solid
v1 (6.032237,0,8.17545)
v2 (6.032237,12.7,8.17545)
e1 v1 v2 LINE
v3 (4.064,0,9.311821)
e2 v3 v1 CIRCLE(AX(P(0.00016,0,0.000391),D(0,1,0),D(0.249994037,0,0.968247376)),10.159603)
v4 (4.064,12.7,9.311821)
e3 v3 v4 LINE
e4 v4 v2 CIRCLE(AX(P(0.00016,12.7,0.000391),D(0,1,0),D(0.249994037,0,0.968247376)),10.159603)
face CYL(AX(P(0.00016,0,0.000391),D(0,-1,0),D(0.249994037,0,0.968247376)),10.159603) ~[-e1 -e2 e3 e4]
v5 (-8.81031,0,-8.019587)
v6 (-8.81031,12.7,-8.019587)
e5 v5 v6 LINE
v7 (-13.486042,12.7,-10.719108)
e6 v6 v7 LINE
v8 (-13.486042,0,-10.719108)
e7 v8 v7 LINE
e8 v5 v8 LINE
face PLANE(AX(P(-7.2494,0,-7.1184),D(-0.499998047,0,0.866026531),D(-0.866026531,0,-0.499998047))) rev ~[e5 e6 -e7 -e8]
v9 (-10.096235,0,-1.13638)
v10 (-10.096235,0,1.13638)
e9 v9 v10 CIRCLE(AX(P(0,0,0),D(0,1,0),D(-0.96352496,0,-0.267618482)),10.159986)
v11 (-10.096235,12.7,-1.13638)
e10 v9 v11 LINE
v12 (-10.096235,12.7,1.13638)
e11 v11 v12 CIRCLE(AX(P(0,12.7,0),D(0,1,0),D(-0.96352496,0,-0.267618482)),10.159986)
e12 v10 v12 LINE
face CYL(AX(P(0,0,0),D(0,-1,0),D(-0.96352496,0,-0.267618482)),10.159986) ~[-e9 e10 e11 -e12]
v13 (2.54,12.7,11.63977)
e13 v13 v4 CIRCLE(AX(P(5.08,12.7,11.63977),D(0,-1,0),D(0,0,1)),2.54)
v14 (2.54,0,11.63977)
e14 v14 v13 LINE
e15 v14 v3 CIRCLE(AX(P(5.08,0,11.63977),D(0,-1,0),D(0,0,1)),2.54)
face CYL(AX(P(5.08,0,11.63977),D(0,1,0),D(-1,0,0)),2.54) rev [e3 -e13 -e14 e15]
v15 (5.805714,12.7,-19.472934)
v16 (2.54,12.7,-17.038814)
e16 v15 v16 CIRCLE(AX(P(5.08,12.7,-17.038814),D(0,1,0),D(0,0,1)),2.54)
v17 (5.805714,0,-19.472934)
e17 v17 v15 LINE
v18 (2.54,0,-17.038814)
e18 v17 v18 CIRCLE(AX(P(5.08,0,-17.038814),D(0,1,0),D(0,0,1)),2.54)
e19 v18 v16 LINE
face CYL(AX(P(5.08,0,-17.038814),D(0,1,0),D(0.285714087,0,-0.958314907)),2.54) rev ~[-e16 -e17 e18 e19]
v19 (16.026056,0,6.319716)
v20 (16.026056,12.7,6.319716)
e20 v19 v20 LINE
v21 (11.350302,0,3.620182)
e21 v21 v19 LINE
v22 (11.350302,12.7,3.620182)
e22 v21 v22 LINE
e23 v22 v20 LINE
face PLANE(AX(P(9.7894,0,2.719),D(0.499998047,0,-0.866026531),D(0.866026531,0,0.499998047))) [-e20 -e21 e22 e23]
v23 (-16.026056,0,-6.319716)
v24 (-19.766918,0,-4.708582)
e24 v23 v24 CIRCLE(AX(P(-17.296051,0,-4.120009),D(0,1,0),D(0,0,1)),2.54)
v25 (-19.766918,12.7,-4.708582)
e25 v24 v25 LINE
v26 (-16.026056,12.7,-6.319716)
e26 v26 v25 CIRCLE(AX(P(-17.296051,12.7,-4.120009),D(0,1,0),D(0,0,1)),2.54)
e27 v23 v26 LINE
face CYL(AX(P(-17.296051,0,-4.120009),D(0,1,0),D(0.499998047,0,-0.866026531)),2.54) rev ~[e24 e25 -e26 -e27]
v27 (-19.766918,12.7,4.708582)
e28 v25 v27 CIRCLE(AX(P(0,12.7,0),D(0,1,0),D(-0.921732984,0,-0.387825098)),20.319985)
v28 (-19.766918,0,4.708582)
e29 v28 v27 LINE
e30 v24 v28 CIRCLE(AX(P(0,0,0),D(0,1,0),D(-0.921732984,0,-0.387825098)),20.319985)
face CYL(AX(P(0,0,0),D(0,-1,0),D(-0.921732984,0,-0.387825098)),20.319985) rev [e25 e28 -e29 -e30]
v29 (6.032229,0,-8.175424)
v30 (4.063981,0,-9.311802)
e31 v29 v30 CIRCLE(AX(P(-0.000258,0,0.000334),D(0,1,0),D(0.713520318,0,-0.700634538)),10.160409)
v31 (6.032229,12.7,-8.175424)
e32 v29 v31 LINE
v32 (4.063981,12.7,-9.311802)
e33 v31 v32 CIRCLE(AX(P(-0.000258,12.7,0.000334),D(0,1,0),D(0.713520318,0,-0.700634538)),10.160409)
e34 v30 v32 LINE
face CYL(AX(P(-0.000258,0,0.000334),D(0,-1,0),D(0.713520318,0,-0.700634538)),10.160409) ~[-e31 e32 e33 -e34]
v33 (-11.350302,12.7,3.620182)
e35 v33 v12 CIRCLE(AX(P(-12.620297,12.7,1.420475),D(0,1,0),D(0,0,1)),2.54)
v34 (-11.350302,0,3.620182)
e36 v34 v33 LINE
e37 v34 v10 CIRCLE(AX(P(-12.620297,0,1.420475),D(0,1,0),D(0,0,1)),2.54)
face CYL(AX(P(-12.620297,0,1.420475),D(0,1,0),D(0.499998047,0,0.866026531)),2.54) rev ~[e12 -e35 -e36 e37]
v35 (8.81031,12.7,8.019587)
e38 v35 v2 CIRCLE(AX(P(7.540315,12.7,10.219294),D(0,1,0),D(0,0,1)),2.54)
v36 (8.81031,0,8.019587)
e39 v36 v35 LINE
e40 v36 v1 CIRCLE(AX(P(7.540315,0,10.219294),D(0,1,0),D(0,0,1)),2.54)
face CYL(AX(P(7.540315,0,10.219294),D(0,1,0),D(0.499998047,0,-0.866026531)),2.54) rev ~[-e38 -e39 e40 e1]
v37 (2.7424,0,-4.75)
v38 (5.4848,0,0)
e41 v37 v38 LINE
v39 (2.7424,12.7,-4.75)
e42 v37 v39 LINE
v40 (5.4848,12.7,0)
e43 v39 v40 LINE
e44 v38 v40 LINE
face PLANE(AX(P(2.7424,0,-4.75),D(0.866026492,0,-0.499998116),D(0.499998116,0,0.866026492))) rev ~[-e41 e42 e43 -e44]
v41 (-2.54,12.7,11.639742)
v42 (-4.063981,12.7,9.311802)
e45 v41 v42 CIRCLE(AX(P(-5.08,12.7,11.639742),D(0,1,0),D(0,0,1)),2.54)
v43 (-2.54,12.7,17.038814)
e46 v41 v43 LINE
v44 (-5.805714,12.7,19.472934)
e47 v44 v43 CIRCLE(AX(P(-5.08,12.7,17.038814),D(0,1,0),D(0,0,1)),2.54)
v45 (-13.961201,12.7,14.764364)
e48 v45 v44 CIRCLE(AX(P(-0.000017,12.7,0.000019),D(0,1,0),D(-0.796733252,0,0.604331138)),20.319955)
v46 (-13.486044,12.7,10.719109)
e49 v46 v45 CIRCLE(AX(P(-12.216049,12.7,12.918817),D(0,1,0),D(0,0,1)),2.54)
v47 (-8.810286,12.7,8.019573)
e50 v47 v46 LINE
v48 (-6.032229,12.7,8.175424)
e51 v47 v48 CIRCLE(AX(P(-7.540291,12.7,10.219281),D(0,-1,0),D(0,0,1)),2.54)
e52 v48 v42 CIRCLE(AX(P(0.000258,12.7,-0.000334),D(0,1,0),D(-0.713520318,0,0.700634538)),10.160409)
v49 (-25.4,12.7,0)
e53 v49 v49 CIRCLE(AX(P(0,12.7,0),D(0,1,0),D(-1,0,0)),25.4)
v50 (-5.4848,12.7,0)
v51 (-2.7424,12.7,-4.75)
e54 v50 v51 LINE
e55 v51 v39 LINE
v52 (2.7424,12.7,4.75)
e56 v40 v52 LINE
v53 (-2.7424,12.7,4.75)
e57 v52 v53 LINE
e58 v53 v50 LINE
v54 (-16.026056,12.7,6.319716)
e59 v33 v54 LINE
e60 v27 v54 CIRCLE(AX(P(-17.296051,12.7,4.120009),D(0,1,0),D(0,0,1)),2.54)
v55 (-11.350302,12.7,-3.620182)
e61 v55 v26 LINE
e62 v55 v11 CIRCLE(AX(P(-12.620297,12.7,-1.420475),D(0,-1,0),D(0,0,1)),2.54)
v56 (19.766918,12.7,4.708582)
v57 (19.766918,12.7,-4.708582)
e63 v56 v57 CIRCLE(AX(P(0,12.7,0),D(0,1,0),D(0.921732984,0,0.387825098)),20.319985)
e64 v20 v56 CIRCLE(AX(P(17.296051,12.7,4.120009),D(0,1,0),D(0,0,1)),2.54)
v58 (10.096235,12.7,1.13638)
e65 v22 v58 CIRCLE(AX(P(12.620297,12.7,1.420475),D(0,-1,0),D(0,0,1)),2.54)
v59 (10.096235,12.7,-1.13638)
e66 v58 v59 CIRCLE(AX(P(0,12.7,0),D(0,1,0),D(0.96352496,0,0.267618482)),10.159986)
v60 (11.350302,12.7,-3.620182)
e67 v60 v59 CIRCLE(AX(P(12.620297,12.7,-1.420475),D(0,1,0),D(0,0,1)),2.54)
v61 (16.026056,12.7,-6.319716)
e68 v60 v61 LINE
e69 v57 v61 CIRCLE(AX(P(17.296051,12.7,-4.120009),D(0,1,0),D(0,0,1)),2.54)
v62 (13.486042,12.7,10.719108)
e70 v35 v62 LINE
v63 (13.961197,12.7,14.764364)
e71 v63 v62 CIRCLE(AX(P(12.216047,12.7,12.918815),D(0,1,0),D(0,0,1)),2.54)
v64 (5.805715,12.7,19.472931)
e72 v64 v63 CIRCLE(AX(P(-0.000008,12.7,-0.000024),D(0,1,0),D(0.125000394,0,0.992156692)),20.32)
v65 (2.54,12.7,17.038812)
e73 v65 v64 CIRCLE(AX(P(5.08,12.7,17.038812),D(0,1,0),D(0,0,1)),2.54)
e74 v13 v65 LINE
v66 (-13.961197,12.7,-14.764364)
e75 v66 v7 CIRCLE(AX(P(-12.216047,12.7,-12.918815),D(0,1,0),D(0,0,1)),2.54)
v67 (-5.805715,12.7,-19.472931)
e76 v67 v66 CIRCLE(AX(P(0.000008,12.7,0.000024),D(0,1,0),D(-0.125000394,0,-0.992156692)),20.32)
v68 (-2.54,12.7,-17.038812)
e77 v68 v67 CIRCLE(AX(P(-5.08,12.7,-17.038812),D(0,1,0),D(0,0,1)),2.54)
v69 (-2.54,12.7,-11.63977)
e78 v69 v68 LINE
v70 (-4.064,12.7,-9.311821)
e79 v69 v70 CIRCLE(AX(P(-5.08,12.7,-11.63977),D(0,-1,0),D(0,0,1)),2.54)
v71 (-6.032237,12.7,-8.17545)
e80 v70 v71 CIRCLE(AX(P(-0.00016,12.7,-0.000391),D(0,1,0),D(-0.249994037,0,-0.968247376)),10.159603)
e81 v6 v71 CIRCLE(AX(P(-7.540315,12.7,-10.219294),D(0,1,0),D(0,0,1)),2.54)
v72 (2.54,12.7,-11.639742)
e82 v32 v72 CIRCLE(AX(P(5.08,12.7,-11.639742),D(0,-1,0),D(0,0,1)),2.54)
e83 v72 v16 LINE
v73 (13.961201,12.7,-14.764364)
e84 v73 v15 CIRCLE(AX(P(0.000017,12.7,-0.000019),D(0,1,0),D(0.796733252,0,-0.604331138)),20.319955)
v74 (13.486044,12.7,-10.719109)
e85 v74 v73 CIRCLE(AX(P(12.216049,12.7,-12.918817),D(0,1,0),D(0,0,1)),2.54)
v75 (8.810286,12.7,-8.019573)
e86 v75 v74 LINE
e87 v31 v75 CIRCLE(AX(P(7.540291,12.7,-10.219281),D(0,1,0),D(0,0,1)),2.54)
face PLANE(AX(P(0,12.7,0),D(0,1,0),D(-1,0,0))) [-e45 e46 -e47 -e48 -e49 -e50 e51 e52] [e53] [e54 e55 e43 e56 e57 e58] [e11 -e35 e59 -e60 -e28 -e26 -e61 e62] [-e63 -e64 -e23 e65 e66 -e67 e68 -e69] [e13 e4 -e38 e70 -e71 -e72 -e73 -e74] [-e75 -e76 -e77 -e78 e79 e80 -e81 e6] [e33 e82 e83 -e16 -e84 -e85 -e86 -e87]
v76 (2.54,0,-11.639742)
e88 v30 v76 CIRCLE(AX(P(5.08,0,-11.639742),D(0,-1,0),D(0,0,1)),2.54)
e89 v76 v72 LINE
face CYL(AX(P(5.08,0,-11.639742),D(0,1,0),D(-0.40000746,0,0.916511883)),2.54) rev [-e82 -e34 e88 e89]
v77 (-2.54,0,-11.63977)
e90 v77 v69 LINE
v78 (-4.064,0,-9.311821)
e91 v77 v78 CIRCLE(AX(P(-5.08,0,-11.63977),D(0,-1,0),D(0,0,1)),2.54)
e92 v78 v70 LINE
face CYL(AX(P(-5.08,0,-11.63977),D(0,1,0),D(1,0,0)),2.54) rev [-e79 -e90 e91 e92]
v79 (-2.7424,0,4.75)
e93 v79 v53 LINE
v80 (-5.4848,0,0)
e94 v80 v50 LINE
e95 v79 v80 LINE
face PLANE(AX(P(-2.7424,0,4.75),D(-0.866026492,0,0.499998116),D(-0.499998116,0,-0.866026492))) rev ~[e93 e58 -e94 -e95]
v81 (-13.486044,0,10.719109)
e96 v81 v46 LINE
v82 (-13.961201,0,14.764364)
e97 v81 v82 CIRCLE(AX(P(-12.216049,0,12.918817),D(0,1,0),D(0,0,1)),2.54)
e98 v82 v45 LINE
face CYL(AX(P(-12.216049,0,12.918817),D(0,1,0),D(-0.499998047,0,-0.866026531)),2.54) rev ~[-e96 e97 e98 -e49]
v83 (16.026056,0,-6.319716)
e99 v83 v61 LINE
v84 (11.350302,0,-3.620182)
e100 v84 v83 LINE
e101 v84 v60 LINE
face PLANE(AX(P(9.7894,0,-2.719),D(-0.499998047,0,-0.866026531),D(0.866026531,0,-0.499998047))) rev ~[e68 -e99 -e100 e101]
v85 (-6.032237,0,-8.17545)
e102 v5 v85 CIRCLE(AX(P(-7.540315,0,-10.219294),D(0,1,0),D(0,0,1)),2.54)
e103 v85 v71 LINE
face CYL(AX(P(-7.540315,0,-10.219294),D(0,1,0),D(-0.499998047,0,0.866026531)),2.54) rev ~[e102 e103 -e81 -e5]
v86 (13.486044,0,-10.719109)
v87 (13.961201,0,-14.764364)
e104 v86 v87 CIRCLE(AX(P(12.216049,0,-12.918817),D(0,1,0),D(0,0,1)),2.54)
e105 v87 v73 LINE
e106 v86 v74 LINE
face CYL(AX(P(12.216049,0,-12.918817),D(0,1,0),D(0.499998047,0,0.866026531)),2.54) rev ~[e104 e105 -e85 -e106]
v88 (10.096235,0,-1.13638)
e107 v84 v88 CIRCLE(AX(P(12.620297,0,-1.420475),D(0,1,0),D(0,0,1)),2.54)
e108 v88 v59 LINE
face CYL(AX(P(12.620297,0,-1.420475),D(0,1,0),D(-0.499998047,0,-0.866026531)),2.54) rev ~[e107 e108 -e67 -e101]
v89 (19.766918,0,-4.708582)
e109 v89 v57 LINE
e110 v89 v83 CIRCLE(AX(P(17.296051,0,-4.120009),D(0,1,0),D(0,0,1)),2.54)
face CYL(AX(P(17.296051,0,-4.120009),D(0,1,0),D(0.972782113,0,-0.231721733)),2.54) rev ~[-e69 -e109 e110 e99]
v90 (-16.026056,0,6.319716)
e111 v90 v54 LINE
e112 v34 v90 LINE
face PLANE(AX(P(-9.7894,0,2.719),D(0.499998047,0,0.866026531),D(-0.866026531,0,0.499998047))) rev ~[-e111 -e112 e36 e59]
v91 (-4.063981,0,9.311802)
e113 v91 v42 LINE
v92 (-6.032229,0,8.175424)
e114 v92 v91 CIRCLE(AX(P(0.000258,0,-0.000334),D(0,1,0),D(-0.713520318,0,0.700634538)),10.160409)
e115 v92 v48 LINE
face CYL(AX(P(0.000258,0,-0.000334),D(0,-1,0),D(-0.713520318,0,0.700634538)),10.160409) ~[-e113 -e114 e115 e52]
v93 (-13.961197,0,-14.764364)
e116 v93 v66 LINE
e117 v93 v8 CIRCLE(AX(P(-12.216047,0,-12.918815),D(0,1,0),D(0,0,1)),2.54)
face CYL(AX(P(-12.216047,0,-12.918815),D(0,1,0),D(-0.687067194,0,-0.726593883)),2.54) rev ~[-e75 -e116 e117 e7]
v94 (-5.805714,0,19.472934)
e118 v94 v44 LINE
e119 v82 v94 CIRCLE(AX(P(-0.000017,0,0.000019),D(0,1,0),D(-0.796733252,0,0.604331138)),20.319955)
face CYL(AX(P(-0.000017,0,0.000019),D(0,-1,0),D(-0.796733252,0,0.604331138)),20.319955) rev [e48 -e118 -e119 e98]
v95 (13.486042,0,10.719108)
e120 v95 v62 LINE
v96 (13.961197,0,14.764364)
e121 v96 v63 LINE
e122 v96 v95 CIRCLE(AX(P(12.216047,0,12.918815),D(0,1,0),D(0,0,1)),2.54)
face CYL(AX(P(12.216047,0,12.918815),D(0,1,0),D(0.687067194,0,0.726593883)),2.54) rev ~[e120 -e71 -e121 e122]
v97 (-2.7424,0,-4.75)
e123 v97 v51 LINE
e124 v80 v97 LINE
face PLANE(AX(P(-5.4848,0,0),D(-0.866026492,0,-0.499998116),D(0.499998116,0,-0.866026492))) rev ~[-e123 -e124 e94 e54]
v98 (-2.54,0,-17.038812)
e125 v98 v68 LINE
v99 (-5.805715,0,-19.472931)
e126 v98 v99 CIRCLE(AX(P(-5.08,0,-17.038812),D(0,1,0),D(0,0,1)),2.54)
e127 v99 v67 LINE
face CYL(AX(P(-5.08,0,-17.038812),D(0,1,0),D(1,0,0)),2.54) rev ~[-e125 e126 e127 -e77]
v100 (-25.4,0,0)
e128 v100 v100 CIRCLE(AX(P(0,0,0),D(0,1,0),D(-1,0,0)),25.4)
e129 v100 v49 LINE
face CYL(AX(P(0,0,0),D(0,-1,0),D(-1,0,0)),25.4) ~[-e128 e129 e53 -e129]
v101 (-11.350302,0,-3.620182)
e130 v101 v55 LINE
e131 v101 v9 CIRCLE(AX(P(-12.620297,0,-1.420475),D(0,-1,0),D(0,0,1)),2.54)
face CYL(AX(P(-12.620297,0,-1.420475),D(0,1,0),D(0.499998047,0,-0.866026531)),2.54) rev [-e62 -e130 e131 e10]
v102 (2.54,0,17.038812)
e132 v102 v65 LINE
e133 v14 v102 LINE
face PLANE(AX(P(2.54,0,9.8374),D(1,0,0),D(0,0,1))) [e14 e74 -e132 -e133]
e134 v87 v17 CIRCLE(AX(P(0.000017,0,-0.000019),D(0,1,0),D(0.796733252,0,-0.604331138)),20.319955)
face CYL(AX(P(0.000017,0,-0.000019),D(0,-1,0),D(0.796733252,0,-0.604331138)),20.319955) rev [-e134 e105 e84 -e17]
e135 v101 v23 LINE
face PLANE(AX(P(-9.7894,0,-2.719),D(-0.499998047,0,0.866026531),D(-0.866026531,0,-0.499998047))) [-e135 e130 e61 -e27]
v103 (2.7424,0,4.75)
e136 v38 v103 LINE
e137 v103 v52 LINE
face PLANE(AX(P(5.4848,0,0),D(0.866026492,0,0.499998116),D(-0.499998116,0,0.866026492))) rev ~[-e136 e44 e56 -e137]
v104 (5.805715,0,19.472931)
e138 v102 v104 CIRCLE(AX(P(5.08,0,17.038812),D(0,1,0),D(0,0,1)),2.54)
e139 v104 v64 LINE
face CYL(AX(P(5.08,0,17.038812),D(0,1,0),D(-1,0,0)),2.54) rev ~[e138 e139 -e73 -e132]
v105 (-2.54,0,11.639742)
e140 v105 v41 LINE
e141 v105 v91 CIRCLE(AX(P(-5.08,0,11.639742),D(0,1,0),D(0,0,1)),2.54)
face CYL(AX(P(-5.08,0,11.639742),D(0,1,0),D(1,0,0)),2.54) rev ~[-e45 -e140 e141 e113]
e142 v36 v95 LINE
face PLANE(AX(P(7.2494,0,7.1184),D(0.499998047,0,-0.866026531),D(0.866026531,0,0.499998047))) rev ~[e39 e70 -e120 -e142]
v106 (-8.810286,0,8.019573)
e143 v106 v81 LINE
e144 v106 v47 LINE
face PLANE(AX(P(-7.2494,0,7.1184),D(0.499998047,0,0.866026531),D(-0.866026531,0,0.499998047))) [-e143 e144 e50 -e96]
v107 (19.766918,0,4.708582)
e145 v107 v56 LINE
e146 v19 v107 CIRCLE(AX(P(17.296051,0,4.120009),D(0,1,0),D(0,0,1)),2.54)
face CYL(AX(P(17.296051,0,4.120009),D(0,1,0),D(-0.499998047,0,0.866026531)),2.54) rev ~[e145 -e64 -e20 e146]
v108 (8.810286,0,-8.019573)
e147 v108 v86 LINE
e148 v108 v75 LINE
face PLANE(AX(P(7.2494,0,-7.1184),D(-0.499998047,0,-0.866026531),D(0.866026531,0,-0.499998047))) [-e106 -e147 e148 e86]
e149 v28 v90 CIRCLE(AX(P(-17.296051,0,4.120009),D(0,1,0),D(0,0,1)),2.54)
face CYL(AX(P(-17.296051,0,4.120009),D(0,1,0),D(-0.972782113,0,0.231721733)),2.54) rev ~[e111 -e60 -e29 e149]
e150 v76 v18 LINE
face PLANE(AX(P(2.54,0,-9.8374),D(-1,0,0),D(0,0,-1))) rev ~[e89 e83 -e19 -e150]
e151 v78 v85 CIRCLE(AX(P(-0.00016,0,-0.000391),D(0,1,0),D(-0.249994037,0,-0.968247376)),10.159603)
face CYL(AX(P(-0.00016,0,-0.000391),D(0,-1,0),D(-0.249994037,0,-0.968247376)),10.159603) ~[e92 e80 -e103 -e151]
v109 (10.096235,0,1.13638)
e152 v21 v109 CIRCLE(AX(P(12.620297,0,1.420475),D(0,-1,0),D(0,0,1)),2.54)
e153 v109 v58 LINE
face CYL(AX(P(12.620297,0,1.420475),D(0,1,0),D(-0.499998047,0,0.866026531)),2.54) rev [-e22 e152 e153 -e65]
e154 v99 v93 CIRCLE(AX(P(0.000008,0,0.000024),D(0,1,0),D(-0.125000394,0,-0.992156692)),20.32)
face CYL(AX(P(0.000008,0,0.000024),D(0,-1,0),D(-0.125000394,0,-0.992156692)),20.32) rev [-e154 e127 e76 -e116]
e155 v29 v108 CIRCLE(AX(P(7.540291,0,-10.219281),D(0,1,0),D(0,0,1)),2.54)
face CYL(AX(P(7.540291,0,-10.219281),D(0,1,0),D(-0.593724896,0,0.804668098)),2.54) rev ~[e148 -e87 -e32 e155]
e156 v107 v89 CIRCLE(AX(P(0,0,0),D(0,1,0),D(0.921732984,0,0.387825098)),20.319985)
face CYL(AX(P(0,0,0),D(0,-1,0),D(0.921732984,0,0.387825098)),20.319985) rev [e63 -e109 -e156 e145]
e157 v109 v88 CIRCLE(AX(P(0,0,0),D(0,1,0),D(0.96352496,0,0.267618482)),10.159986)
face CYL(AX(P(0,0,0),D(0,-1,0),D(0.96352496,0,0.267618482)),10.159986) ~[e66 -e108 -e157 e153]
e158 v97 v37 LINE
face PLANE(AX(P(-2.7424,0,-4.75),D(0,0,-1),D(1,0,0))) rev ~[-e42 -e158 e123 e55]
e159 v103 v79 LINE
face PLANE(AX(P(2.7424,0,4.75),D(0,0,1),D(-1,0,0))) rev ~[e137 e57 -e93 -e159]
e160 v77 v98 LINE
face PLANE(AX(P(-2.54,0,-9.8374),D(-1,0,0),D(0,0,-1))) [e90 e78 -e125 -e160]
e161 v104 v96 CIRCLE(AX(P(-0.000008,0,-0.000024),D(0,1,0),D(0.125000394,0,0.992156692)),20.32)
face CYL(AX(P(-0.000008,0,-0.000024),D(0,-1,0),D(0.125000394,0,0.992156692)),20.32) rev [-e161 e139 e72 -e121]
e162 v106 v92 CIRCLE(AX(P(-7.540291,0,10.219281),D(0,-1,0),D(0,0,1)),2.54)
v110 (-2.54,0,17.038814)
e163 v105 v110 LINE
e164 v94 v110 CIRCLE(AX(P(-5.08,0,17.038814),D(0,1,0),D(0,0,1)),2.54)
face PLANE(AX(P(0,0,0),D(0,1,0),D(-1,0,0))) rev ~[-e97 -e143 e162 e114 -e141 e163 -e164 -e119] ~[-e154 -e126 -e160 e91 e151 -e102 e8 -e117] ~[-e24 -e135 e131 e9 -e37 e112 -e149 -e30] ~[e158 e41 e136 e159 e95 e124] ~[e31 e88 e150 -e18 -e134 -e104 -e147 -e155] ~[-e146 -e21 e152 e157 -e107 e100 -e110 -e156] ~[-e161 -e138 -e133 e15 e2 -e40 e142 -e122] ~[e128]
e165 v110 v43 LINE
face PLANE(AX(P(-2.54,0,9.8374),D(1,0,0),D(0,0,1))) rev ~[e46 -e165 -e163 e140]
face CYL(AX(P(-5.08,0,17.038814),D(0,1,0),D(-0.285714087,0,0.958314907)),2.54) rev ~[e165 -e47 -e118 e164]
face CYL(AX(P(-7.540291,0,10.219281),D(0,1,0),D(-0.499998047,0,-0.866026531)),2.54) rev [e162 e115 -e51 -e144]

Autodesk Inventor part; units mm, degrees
ref_plane "YZ Plane" through (0, 0, 0) normal (1, 0, 0) x (0, 1, 0)
ref_plane "XZ Plane" through (0, 0, 0) normal (0, 1, 0) x (-1, 0, 0)
ref_plane "XY Plane" through (0, 0, 0) normal (0, 0, 1) x (1, 0, 0)
sketch "Sketch1" plane through (0, 0, 0) normal (0, 1, 0) x (-1, 0, 0)
  circle A0 centre (0, 0) radius 25.4
  line L0 (-2.7424, 4.75) -> (2.7424, 4.75)
  line L1 (2.7424, 4.75) -> (5.4848, 0)
  line L2 (5.4848, 0) -> (2.7424, -4.75)
  line L3 (2.7424, -4.75) -> (-2.7424, -4.75)
  line L4 (-2.7424, -4.75) -> (-5.4848, 0)
  line L5 (-5.4848, 0) -> (-2.7424, 4.75)
  line L6 (2.54, -9.8374) -> (2.54, -20.1606)
  line L7 (-2.54, -9.8374) -> (-2.54, -20.1606)
  line L8 (0, -11.1125) -> (0, -22.225) construction
  line L9 (9.7894, -2.719) -> (18.7296, -7.8806)
  line L10 (7.2494, -7.1184) -> (16.1896, -12.28)
  line L11 (7.2494, 7.1184) -> (16.1896, 12.28)
  line L12 (9.7894, 2.719) -> (18.7296, 7.8806)
  line L13 (-2.54, 9.8374) -> (-2.54, 20.1606)
  line L14 (2.54, 9.8374) -> (2.54, 20.1606)
  line L15 (-9.7894, 2.719) -> (-18.7296, 7.8806)
  line L16 (-7.2494, 7.1184) -> (-16.1896, 12.28)
  line L17 (-7.2494, -7.1184) -> (-16.1896, -12.28)
  line L18 (-9.7894, -2.719) -> (-18.7296, -7.8806)
  arc A1 (9.7894, -2.719) -> (9.7894, 2.719) centre (0, 0) ccw
  arc A2 (7.2494, 7.1184) -> (2.54, 9.8374) centre (0, 0) ccw
  arc A3 (-2.54, 9.8374) -> (-7.2494, 7.1184) centre (0, 0) ccw
  arc A4 (-9.7894, 2.719) -> (-9.7894, -2.719) centre (0, 0) ccw
  arc A5 (-16.1896, -12.28) -> (-2.54, -20.1606) centre (0, 0) ccw
  arc A6 (2.54, -20.1606) -> (16.1896, -12.28) centre (0, 0) ccw
  arc A7 (18.7296, -7.8806) -> (18.7296, 7.8806) centre (0, 0) ccw
  arc A8 (16.1896, 12.28) -> (2.54, 20.1606) centre (0, 0) ccw
  arc A9 (-2.54, 20.1606) -> (-16.1896, 12.28) centre (0, 0) ccw
  arc A10 (-18.7296, 7.8806) -> (-18.7296, -7.8806) centre (0, 0) ccw
  arc A11 (-7.2494, -7.1184) -> (-2.54, -9.8374) centre (0, 0) ccw
  arc A12 (2.54, -9.8374) -> (7.2494, -7.1184) centre (0, 0) ccw
  dimension "d1" = 9.5
  dimension "d4" = 5.08
  dimension "d7" = 360
  dimension "d9" = 20.32
  dimension "d10" = 10.16
  dimension "d11" = 25.4
extrude "Extrusion1" add sketch "Sketch1" along normal blind 12.7
fillet "Fillet1" radius 2.54 4 edges at (16.1896, 6.35, 12.28) (7.2494, 6.35, 7.1184) (2.54, 6.35, 9.8374) (2.54, 6.35, 20.1606)
pattern_circular "Circular Pattern1" count 6 over 360 about axis through (0, 0, 0) along (0, 1, 0) of "Fillet1"
properties part number "2in mould"
